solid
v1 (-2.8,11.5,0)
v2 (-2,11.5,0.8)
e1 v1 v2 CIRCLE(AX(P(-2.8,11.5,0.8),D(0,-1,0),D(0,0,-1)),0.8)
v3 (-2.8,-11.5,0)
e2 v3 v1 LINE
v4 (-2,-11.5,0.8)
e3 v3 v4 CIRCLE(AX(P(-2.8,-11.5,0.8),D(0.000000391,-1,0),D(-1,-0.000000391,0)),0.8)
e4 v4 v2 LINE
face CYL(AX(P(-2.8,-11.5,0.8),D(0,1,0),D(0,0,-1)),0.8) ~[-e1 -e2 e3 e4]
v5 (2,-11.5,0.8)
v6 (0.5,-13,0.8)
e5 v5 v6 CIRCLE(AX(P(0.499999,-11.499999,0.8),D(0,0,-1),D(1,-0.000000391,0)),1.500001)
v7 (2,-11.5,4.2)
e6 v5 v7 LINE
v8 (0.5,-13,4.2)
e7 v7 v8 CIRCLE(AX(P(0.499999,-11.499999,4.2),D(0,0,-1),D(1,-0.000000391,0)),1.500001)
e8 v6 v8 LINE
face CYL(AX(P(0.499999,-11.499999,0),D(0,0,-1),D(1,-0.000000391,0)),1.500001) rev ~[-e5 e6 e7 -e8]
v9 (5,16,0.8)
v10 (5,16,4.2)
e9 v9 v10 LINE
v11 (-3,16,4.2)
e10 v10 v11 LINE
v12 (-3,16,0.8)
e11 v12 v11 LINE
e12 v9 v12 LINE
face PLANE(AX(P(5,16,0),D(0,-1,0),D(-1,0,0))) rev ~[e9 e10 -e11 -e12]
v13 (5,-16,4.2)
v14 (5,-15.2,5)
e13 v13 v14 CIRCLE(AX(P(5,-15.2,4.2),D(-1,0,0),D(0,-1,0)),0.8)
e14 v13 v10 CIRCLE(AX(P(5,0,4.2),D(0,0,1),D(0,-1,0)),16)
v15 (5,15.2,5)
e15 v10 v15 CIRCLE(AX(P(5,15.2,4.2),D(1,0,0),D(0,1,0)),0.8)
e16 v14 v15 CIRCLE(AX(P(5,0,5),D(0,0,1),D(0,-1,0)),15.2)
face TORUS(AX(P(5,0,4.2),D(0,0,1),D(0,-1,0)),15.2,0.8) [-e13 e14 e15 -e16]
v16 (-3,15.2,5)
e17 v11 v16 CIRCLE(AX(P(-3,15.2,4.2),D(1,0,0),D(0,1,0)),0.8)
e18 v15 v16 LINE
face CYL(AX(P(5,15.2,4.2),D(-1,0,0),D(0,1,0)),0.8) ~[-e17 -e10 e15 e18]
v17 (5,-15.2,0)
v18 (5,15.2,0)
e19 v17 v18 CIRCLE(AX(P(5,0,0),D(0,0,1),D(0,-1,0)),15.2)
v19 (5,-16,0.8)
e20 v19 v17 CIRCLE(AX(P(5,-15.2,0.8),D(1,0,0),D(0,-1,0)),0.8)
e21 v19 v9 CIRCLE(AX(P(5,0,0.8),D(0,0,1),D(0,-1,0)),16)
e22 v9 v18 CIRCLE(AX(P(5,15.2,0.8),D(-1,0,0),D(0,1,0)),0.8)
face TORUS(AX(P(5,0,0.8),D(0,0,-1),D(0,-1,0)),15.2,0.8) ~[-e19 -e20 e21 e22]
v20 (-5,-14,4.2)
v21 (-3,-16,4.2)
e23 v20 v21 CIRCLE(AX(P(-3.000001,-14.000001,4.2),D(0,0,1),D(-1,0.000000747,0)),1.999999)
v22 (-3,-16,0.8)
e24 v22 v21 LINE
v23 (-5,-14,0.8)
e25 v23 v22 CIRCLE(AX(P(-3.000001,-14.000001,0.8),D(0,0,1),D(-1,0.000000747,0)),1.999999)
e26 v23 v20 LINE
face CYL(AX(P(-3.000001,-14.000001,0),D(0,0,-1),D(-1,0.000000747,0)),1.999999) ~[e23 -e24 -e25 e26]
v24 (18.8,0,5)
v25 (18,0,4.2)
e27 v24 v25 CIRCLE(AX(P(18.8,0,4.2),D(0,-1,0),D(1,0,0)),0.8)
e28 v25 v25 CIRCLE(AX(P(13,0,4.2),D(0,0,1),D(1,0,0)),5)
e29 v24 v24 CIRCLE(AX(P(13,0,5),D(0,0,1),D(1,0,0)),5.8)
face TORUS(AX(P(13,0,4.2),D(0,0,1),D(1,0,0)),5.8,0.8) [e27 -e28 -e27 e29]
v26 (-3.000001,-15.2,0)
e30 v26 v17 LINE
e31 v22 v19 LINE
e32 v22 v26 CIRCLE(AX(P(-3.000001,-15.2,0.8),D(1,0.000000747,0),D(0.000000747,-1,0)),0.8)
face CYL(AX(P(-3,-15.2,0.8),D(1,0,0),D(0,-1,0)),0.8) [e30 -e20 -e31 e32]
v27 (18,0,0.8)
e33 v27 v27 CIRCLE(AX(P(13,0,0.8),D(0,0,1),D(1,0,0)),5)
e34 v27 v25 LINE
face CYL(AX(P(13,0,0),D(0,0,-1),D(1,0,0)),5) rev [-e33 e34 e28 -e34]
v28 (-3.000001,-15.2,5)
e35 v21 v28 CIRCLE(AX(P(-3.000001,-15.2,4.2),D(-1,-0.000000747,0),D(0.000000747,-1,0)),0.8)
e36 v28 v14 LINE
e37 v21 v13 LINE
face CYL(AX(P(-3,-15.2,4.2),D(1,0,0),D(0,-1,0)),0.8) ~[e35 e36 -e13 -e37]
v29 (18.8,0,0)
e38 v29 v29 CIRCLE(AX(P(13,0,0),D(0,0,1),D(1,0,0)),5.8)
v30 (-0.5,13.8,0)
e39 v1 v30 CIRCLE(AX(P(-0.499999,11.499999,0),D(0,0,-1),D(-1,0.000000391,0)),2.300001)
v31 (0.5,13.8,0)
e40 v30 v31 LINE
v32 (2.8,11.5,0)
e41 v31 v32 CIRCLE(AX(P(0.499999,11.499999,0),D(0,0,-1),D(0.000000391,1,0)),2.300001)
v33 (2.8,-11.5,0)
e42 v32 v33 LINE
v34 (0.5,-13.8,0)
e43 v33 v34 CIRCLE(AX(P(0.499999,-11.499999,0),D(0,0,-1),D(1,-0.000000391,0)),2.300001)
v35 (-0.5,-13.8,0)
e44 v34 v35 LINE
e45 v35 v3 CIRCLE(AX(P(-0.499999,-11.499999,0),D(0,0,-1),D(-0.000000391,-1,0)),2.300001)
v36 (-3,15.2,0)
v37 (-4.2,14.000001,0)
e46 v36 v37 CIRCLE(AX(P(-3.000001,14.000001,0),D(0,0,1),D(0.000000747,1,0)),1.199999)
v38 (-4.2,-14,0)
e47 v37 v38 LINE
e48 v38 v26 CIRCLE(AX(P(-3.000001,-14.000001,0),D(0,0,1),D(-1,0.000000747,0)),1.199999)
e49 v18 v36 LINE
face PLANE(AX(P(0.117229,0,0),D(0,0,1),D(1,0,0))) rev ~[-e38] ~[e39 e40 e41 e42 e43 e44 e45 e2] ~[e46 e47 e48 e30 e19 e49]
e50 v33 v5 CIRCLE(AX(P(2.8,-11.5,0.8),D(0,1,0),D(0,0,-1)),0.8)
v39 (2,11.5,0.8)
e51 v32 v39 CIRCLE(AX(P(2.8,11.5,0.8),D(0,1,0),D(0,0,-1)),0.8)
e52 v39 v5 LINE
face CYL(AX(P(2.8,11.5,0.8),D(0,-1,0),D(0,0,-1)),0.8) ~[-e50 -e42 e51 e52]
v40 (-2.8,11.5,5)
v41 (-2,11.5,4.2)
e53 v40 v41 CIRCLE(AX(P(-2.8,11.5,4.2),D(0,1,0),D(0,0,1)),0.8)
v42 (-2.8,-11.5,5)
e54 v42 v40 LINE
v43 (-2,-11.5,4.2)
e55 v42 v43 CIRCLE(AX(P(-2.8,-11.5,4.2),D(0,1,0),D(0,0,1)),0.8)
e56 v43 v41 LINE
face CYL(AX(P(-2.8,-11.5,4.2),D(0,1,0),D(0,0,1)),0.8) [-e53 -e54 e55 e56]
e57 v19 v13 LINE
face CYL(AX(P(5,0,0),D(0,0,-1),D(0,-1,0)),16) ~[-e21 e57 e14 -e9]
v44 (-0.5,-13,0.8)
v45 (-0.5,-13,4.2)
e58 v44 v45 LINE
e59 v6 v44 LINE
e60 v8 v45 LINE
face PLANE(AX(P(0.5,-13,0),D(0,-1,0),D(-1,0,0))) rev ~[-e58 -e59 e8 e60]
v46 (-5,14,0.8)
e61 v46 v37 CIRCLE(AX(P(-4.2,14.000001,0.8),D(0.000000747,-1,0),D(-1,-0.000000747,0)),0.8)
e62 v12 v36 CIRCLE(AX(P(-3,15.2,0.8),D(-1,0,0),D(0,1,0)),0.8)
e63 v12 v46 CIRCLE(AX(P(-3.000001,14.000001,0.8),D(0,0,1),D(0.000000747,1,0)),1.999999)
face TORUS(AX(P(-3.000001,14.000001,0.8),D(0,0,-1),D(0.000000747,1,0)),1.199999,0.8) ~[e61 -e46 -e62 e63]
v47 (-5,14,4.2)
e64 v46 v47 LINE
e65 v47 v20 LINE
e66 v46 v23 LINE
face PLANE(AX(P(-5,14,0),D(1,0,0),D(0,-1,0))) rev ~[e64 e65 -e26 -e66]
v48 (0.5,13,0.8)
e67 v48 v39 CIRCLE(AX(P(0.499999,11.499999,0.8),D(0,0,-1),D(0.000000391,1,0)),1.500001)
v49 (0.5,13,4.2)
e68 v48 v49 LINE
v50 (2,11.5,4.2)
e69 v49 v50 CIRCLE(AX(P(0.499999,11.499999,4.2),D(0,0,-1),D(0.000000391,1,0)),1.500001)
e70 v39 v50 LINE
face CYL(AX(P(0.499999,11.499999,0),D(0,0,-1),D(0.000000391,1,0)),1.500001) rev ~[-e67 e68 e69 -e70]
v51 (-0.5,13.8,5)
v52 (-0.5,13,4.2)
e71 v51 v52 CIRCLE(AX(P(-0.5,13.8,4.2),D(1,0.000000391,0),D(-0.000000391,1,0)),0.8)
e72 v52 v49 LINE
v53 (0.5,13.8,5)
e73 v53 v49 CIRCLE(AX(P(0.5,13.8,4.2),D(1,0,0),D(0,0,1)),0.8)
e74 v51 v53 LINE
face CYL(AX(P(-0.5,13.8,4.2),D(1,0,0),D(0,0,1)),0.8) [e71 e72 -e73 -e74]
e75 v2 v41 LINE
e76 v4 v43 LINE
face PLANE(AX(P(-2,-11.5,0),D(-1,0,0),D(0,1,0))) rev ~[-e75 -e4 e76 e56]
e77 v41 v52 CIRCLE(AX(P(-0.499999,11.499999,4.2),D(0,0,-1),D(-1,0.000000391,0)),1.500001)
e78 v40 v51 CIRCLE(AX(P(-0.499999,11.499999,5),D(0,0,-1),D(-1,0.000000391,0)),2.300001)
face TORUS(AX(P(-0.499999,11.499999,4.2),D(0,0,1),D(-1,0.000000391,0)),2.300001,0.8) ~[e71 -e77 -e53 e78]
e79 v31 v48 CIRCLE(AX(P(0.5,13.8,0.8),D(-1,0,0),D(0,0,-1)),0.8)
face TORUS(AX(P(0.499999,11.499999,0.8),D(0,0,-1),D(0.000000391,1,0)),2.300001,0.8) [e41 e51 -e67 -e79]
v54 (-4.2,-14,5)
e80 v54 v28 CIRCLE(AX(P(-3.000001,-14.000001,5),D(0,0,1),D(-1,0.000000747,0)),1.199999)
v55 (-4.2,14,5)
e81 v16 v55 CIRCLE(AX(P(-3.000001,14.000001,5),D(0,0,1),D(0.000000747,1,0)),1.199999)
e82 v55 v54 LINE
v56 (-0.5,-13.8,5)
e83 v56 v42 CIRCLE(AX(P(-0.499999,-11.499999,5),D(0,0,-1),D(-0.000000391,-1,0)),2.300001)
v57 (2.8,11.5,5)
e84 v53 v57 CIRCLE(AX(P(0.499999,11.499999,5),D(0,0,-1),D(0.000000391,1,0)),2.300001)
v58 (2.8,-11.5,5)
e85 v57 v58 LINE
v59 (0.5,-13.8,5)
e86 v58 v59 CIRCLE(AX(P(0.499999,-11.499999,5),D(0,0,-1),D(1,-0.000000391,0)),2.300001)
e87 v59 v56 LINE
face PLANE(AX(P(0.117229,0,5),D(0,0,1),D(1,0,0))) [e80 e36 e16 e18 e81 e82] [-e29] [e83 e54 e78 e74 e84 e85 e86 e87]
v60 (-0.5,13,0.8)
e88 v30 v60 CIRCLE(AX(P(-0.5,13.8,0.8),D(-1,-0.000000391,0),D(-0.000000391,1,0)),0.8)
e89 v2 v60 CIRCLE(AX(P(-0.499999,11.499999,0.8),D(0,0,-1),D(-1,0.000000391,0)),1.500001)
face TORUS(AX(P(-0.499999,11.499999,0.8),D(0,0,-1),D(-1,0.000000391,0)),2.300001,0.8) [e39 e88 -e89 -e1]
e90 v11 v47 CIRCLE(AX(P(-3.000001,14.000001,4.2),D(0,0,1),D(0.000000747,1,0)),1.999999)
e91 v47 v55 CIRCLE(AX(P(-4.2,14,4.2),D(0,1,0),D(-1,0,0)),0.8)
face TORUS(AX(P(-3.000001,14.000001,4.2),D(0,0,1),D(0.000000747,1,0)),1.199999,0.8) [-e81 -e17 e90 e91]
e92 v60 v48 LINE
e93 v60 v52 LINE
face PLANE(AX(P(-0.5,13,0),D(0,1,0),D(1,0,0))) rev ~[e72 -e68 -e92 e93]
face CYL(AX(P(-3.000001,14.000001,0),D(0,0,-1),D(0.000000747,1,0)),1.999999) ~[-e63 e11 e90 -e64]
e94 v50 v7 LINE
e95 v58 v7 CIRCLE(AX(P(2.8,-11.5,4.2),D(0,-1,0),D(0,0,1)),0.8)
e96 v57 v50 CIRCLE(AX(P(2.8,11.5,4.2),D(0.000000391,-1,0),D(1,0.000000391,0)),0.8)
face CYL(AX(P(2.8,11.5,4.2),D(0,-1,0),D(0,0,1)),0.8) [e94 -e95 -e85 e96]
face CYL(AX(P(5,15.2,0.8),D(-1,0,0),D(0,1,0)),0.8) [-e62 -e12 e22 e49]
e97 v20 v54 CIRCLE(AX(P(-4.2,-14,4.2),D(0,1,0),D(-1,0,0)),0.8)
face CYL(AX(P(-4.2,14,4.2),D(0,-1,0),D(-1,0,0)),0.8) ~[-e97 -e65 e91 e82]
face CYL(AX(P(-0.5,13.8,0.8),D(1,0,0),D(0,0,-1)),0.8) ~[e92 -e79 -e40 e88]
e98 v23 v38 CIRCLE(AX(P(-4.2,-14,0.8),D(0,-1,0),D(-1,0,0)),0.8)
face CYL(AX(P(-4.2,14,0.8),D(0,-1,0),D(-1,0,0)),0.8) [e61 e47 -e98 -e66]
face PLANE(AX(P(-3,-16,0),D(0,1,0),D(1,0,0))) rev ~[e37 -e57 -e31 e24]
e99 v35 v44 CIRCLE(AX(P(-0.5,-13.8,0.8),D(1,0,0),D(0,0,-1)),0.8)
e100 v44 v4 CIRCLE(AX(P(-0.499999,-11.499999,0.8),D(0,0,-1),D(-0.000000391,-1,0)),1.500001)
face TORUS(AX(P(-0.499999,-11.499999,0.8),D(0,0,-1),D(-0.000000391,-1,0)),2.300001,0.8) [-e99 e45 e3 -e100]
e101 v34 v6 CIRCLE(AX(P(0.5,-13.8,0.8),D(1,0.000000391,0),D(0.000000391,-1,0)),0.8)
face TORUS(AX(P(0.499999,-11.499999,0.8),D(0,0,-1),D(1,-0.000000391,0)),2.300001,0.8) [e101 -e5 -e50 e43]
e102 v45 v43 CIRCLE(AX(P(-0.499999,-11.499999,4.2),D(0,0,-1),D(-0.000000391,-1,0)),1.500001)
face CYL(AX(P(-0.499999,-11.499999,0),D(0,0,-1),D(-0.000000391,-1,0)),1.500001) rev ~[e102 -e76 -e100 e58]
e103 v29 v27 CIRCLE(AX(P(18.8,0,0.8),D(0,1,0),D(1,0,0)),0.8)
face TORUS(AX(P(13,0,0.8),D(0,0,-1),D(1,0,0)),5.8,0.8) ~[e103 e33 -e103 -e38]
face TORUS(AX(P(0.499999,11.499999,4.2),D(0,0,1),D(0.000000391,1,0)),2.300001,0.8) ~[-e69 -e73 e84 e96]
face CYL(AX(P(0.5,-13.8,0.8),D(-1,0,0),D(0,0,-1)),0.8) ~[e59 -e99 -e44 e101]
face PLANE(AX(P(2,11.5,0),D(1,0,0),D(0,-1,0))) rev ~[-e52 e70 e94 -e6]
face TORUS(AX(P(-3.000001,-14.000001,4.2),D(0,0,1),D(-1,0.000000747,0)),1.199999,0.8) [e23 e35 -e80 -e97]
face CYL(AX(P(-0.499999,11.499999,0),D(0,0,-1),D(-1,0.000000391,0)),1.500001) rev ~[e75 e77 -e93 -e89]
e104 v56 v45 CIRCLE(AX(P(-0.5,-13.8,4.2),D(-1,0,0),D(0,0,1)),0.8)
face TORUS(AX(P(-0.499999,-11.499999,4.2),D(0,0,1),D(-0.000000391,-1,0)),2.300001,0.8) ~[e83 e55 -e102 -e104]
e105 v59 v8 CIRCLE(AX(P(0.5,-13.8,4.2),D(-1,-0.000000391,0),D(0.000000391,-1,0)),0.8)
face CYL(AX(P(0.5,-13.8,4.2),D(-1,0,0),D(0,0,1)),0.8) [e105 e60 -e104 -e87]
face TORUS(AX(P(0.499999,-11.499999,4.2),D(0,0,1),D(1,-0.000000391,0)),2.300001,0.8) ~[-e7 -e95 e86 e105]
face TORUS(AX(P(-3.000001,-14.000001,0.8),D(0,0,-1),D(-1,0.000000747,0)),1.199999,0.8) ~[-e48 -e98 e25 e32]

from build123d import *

# Parameters (mm, degrees)
F0_R     = 5
F1_DEPTH = 5
F2_R     = 0.8
F3_R     = 0.8


with BuildPart() as f1:
    # F0 (on Top) → F1 (new body)
    with BuildSketch(Plane.XY):
        with BuildLine():
            Line((5, -16), (5, 16))
            Line((5, 16), (-3, 16))
            ThreePointArc((-3, 16), (-4.414214, 15.414214), (-5, 14))
            Line((-5, 14), (-5, -14))
            ThreePointArc((-5, -14), (-4.414214, -15.414214), (-3, -16))
            Line((-3, -16), (5, -16))
        make_face()
        with BuildLine():
            Line((0.5, -13), (-0.5, -13))
            ThreePointArc((-0.5, -13), (-1.56066, -12.56066), (-2, -11.5))
            Line((-2, -11.5), (-2, 11.5))
            ThreePointArc((-2, 11.5), (-1.56066, 12.56066), (-0.5, 13))
            Line((-0.5, 13), (0.5, 13))
            ThreePointArc((0.5, 13), (1.56066, 12.56066), (2, 11.5))
            Line((2, 11.5), (2, -11.5))
            ThreePointArc((2, -11.5), (1.56066, -12.56066), (0.5, -13))
        make_face(mode=Mode.SUBTRACT)
        with BuildLine():
            ThreePointArc((5, -16), (21, 0), (5, 16))
            Line((5, 16), (5, -16))
        make_face()
        with Locations((13, 0)):
            Circle(F0_R, mode=Mode.SUBTRACT)
    extrude(amount=F1_DEPTH)

    # F2
    f2_edges = [f1.edges().sort_by_distance(p)[0] for p in [
        (-5, 0, 5),
        (21, 0, 0),
    ]]
    fillet(f2_edges, radius=F2_R)

    # F3
    f3_edges = [f1.edges().sort_by_distance(p)[0] for p in [
        (-2, 0, 5),
        (8, 0, 5),
        (2, 0, 0),
        (8, 0, 0),
    ]]
    fillet(f3_edges, radius=F3_R)


solid = f1.part
